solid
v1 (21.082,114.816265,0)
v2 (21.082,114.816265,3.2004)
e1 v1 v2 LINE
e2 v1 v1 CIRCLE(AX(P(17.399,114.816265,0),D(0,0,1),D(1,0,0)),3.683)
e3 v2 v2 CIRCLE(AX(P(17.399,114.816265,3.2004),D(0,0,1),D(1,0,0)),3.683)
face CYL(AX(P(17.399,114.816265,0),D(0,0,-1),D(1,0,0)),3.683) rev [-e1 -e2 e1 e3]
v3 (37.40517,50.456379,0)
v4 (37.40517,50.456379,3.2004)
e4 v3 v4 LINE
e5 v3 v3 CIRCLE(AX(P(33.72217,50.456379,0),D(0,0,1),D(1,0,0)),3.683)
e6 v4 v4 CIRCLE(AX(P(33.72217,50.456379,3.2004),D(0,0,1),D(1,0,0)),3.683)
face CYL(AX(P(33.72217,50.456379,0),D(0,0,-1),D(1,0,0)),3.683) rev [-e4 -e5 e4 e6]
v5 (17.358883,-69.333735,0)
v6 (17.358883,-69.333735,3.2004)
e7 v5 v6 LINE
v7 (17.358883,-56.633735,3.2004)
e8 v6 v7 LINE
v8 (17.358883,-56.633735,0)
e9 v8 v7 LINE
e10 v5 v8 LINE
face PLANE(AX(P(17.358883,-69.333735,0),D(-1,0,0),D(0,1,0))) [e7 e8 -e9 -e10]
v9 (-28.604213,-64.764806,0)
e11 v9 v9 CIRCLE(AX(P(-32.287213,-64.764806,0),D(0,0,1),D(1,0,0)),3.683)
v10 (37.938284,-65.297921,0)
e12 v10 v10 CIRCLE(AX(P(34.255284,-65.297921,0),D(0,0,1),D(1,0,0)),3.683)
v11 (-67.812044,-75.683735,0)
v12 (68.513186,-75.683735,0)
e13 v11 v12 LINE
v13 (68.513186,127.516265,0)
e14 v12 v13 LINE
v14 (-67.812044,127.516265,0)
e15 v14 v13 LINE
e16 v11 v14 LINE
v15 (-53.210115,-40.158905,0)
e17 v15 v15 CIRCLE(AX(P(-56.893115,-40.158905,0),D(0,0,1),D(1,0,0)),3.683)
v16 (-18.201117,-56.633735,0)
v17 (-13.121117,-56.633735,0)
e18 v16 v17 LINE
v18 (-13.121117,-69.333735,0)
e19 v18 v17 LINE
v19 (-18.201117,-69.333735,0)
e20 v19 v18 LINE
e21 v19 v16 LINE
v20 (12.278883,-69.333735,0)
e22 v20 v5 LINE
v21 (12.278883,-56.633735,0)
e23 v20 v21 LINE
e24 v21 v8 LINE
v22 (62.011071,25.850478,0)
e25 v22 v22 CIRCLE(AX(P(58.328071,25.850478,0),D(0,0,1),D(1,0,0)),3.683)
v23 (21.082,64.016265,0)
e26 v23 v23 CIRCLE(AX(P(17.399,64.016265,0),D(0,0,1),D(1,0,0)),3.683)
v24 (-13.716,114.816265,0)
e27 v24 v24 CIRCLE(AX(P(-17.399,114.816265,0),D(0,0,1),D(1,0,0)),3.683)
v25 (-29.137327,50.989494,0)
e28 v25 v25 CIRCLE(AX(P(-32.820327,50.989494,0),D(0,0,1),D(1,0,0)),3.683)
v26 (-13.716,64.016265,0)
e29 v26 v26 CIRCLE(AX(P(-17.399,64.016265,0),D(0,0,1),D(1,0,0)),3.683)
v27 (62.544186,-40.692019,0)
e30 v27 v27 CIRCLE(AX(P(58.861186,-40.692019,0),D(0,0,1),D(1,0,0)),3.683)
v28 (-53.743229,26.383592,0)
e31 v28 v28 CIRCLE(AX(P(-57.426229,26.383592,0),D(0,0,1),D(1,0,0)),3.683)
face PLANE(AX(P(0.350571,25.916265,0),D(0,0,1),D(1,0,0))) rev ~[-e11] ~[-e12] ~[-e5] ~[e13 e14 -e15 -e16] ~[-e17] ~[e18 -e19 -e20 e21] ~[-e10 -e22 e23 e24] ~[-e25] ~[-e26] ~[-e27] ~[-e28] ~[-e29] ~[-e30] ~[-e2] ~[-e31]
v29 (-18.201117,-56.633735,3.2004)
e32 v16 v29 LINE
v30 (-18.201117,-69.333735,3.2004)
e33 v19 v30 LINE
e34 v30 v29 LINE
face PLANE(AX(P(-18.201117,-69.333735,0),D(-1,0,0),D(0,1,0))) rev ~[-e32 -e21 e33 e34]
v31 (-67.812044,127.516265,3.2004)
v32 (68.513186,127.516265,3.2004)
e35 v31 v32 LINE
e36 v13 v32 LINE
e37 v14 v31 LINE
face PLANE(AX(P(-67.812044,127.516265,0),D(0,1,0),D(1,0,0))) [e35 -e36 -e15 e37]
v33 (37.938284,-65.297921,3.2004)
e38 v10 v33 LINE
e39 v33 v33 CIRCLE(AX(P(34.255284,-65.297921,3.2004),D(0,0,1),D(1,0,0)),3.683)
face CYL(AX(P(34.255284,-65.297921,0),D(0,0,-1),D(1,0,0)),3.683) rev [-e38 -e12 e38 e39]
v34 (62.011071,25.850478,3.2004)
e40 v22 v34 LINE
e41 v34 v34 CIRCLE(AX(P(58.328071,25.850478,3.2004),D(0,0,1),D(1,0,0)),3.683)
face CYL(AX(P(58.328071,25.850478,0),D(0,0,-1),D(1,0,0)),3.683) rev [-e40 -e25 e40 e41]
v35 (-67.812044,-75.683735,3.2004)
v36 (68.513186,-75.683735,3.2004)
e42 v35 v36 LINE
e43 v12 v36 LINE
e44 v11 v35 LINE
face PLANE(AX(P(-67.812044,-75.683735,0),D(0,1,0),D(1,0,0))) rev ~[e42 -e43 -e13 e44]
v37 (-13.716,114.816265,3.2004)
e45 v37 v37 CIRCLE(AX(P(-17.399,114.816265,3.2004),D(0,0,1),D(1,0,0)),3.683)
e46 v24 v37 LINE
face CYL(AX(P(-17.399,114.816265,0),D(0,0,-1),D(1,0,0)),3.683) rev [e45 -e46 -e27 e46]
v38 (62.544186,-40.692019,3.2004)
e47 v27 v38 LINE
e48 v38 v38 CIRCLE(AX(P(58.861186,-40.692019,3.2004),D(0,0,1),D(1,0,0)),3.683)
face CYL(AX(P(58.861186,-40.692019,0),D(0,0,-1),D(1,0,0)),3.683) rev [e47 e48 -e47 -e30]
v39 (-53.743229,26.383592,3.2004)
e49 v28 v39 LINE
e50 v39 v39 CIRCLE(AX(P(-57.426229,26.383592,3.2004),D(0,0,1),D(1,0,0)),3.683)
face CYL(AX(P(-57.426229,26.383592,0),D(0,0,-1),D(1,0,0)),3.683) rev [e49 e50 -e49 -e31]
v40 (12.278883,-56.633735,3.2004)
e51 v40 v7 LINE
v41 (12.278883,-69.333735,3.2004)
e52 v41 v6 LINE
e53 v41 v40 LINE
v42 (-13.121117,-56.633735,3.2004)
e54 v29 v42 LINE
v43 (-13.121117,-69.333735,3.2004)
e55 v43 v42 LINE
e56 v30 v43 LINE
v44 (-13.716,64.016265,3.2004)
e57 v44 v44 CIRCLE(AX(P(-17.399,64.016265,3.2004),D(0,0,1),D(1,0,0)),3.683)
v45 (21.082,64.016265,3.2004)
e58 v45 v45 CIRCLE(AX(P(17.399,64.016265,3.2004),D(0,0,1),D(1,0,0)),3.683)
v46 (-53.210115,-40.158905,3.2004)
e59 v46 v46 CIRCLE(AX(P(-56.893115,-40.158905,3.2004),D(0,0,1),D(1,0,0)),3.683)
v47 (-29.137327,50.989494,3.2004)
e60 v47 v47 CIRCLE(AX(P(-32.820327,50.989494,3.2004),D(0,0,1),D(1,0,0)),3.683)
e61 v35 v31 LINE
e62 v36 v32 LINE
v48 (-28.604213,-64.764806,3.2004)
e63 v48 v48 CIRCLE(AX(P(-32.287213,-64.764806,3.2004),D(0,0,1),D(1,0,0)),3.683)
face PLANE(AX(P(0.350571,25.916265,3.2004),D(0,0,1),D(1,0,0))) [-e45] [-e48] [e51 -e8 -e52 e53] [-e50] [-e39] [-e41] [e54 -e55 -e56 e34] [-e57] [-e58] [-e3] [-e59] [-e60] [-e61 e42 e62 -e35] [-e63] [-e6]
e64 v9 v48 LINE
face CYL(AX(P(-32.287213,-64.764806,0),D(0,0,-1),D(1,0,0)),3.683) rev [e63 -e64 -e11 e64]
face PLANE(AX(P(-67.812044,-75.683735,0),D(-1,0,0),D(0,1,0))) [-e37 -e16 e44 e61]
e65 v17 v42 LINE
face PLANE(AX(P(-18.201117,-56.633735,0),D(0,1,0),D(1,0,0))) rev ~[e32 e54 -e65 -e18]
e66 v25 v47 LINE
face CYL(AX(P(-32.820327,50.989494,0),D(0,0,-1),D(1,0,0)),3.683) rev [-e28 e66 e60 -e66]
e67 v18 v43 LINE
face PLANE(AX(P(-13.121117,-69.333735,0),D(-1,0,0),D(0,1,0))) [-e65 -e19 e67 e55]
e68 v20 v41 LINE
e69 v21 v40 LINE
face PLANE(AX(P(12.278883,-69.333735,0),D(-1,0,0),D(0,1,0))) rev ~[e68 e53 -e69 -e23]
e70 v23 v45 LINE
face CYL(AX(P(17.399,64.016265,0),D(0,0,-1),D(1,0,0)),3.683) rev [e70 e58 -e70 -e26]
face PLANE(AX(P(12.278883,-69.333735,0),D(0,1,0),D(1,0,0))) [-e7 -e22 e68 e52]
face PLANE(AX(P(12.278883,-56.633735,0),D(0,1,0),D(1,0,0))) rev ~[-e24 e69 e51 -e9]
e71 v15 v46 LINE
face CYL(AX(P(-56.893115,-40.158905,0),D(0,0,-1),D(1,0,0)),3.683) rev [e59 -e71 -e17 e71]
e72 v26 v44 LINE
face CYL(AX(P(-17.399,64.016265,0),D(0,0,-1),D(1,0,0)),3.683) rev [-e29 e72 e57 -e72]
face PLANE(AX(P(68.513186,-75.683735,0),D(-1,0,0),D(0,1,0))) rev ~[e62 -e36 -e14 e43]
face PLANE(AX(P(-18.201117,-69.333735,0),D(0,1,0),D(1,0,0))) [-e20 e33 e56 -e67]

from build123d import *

# Parameters (mm, degrees)
F0_W     = 136.325229
F0_H     = 203.2
F0_R     = 3.683
F0_W_2   = 5.08
F0_H_2   = 12.7
F1_DEPTH = 3.2004


with BuildPart() as f1:
    # F0 (on Top) → F1 (new body)
    with BuildSketch(Plane.XY):
        with Locations((0.350571, 25.916265)):
            Rectangle(F0_W, F0_H)
        with Locations((-56.893115, -40.158905)):
            Circle(F0_R, mode=Mode.SUBTRACT)
        with Locations((-32.287213, -64.764806)):
            Circle(F0_R, mode=Mode.SUBTRACT)
        with Locations((-15.661117, -62.983735)):
            Rectangle(F0_W_2, F0_H_2, mode=Mode.SUBTRACT)
        with Locations((14.818883, -62.983735)):
            Rectangle(F0_W_2, F0_H_2, mode=Mode.SUBTRACT)
        with Locations((34.255284, -65.297921)):
            Circle(F0_R, mode=Mode.SUBTRACT)
        with Locations((58.861186, -40.692019)):
            Circle(F0_R, mode=Mode.SUBTRACT)
        with Locations((58.328071, 25.850478)):
            Circle(F0_R, mode=Mode.SUBTRACT)
        with Locations((-57.426229, 26.383592)):
            Circle(F0_R, mode=Mode.SUBTRACT)
        with Locations((-32.820327, 50.989494)):
            Circle(F0_R, mode=Mode.SUBTRACT)
        with Locations((-17.399, 64.016265)):
            Circle(F0_R, mode=Mode.SUBTRACT)
        with Locations((-17.399, 114.816265)):
            Circle(F0_R, mode=Mode.SUBTRACT)
        with Locations((33.72217, 50.456379)):
            Circle(F0_R, mode=Mode.SUBTRACT)
        with Locations((17.399, 64.016265)):
            Circle(F0_R, mode=Mode.SUBTRACT)
        with Locations((17.399, 114.816265)):
            Circle(F0_R, mode=Mode.SUBTRACT)
    extrude(amount=F1_DEPTH)


solid = f1.part
